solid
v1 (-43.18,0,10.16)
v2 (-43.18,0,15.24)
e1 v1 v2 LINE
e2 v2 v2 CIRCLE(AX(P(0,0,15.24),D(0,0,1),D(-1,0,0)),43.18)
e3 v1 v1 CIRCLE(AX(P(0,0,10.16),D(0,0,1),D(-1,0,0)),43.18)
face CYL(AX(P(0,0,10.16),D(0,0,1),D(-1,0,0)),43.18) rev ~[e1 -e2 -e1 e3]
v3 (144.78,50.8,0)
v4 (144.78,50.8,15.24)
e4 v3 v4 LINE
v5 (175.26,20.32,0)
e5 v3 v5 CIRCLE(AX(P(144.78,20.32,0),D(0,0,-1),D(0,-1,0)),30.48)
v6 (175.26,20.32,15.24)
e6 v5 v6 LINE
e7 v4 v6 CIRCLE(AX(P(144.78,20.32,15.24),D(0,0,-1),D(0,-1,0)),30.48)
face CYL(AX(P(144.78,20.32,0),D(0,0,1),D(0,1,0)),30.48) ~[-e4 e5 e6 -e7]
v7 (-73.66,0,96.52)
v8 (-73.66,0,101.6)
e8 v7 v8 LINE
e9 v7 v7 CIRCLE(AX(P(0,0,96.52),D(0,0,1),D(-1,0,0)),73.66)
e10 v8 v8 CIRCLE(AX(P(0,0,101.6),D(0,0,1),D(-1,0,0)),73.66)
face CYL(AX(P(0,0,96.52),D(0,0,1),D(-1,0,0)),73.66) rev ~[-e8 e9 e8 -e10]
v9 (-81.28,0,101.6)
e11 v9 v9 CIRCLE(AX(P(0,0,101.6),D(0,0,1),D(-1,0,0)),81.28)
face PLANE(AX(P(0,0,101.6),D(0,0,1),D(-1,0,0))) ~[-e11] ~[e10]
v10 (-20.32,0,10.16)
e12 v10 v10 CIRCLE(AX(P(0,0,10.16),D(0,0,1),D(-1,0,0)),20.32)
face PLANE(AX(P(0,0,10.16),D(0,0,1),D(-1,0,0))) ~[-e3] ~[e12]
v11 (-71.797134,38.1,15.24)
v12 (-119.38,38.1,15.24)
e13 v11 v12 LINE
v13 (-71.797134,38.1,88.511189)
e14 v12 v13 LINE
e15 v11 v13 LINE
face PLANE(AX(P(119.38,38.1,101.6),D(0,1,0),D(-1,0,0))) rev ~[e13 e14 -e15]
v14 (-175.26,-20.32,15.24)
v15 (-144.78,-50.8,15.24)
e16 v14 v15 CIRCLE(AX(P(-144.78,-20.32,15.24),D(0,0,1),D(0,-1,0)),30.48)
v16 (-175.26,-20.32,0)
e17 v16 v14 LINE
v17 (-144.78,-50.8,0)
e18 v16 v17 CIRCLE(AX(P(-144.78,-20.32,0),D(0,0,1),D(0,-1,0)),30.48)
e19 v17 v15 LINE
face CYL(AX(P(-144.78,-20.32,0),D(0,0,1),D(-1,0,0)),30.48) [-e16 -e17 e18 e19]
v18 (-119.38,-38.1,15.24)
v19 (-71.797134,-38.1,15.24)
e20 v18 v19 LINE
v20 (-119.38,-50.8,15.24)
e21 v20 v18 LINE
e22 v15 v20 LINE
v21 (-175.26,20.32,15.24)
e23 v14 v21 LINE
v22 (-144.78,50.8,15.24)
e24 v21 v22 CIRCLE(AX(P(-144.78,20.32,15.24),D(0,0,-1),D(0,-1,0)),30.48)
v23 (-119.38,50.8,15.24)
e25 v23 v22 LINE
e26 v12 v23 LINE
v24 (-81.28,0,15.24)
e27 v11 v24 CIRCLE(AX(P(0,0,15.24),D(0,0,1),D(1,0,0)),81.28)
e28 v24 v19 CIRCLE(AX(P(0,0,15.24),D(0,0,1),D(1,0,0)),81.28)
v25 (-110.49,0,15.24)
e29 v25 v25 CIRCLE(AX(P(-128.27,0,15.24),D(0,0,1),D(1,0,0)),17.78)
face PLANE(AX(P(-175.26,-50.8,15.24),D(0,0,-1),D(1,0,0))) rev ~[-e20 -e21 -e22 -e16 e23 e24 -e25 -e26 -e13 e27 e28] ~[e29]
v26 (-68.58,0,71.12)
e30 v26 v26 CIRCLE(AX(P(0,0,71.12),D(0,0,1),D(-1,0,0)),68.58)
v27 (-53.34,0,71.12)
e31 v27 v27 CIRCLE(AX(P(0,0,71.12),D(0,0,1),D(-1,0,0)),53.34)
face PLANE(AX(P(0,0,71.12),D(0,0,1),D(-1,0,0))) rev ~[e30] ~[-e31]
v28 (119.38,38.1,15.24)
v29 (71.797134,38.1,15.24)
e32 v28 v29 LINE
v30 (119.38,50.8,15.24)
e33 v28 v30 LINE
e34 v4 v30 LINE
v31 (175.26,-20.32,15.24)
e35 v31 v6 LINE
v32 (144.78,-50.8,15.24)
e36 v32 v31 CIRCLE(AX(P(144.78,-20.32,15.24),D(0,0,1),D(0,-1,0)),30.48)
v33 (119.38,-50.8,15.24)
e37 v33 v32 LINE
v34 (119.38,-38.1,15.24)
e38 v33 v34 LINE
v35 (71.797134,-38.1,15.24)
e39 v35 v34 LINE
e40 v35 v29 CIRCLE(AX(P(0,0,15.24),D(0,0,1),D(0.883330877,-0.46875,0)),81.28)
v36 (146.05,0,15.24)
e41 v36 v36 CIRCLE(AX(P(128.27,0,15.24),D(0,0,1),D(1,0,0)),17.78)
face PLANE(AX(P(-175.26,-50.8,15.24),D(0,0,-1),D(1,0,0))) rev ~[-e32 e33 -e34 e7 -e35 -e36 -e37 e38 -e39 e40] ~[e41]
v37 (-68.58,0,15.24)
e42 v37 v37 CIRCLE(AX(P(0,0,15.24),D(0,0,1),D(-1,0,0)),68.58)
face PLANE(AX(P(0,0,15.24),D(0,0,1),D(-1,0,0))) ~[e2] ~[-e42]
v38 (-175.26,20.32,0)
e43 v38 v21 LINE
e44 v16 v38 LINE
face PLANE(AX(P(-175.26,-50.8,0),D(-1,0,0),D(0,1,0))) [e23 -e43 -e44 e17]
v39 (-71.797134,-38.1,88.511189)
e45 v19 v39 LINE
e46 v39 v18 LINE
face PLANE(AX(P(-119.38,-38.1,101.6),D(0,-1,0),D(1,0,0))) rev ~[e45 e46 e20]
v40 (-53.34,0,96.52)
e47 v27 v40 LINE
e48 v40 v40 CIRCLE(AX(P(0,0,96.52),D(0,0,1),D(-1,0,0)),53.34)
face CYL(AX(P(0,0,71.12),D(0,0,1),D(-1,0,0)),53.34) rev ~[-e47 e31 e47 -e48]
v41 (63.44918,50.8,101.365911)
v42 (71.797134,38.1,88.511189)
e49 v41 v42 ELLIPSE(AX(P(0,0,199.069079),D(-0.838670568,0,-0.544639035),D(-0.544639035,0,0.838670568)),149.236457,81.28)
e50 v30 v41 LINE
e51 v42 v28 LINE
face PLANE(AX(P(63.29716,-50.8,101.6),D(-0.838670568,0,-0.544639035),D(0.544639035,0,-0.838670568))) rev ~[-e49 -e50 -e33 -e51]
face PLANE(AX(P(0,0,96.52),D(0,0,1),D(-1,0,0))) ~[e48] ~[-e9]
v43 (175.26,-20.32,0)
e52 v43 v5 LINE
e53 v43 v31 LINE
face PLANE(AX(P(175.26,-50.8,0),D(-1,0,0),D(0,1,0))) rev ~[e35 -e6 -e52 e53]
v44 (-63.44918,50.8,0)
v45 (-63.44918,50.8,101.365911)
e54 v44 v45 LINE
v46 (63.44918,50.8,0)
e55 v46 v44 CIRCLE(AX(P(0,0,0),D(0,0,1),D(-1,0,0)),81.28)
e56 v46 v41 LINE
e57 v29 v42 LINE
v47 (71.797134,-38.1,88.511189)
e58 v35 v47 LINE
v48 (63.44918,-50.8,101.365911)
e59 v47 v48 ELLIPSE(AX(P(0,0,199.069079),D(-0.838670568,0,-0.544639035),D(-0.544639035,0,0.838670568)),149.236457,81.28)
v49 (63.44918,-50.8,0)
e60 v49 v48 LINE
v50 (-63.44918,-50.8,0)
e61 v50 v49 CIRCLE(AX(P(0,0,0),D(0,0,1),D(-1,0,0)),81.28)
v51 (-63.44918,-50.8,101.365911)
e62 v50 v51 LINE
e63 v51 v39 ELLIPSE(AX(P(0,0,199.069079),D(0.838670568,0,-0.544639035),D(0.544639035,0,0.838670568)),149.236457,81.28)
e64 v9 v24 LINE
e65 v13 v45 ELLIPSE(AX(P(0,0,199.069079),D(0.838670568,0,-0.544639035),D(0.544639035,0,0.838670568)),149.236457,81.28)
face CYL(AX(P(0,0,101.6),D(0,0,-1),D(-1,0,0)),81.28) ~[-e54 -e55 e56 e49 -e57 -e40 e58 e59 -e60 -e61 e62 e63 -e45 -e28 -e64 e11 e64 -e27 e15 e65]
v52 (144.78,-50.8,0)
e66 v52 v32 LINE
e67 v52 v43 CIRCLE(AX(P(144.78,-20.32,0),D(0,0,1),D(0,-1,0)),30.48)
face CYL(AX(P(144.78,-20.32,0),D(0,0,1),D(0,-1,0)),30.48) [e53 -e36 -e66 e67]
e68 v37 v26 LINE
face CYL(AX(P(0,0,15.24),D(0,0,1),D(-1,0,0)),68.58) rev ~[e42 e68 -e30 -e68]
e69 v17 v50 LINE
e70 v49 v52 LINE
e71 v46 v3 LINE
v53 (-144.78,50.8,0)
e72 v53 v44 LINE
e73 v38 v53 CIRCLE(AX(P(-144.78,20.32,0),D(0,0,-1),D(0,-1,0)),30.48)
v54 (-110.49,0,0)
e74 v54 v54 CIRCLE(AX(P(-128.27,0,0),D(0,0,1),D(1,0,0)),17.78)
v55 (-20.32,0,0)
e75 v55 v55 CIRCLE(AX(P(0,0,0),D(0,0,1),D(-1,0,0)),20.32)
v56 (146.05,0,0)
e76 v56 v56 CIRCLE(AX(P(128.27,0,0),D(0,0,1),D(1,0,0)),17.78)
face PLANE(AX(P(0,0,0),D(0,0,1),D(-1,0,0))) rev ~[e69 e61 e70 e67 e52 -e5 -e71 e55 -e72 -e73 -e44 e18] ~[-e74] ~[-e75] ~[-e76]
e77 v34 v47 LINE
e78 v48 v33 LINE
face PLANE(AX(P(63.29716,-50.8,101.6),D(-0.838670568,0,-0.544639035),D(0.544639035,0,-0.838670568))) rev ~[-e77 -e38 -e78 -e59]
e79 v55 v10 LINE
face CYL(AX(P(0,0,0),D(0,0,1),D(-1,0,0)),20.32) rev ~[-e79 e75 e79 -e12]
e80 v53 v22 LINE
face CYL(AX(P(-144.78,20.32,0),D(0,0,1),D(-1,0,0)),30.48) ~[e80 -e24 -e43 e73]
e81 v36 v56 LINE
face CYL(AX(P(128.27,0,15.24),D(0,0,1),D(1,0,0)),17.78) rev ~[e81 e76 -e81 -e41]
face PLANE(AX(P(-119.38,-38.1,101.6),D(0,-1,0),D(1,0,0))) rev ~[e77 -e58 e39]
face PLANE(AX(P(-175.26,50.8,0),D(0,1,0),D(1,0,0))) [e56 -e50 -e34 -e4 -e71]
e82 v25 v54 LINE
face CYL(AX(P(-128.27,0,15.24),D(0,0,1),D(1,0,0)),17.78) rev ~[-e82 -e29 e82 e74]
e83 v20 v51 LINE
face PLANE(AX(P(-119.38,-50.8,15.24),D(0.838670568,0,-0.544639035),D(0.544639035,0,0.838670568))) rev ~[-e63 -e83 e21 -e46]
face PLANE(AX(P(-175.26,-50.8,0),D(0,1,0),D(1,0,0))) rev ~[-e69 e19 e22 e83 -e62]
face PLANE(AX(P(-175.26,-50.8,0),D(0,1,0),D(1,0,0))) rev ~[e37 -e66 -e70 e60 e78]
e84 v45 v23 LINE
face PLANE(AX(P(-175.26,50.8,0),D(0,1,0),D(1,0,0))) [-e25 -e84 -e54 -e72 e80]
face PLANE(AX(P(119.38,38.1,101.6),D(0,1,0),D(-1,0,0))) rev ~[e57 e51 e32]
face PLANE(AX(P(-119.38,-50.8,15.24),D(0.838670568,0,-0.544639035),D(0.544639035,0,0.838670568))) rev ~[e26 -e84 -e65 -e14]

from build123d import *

# Parameters (mm, degrees)
F0_W      = 350.52
F0_H      = 101.6
F1_DEPTH  = 101.6
F3_DEPTH  = 135.89
F4_W      = 56.0828397485
F4_H      = 76.2
F4_W_2    = 126.5943205029
F5_DEPTH  = 86.36
F6_R      = 81.28
F6_W      = 126.5943205029
F6_H      = 12.7
F7_DEPTH  = 214.122
F11_R     = 30.48
F12_R     = 17.78
F13_DEPTH = 25.4


with BuildPart() as f1:
    # F0 (on Top) → F1 (new body)
    with BuildSketch(Plane.XY):
        Rectangle(F0_W, F0_H)
    extrude(amount=F1_DEPTH)

    # F2 (on face) → F3 (cut)
    with BuildSketch(Plane.XZ.offset(50.8)):
        Polygon((-175.26, 101.6), (-175.26, 15.24), (-119.38, 15.24), (-63.2971602515, 101.6), align=None)
        Polygon((175.26, 101.6), (63.2971602515, 101.6), (119.38, 15.24), (175.26, 15.24), align=None)
    extrude(amount=-F3_DEPTH, mode=Mode.SUBTRACT)

    # F4 (on face) → F5 (cut)
    with BuildSketch(Plane.XY.offset(101.6)):
        with Locations((-91.3385801257, 0)):
            Rectangle(F4_W, F4_H)
        Rectangle(F4_W_2, F4_H)
        with Locations((91.3385801257, 0)):
            Rectangle(F4_W, F4_H)
    extrude(amount=-F5_DEPTH, mode=Mode.SUBTRACT)

    # F6 (on face) → F7 (cut)
    with BuildSketch(Plane.XY.offset(101.6)):
        Circle(F6_R)
        with Locations((0, -44.45)):
            Rectangle(F6_W, F6_H, mode=Mode.SUBTRACT)
        with Locations((0, -44.45)):
            Rectangle(F6_W, F6_H)
    extrude(amount=-F7_DEPTH, mode=Mode.SUBTRACT)

    # F8 (on Front) → F10 (revolve)
    with BuildSketch(Plane.XZ):
        Polygon((-81.28, 0), (-20.32, 0), (-20.32, 10.16), (-43.18, 10.16), (-43.18, 15.24), (-68.58, 15.24), (-68.58, 71.12), (-53.34, 71.12), (-53.34, 96.52), (-73.66, 96.52), (-73.66, 101.6), (-81.28, 101.6), align=None)
    revolve(axis=Axis((0, 0, 50.3256209195), (0, 0, 1)))

    # F11
    f11_edges = [f1.edges().sort_by_distance(p)[0] for p in [
        (175.26, -50.8, 7.62),
        (175.26, 50.8, 7.62),
        (-175.26, -50.8, 7.62),
        (-175.26, 50.8, 7.62),
    ]]
    fillet(f11_edges, radius=F11_R)

    # F12 (on face) → F13 (cut)
    with BuildSketch(Plane.XY.offset(15.24)):
        with Locations((-128.27, 0)):
            Circle(F12_R)
        with Locations((128.27, 0)):
            Circle(F12_R)
    extrude(amount=-F13_DEPTH, mode=Mode.SUBTRACT)


solid = f1.part
